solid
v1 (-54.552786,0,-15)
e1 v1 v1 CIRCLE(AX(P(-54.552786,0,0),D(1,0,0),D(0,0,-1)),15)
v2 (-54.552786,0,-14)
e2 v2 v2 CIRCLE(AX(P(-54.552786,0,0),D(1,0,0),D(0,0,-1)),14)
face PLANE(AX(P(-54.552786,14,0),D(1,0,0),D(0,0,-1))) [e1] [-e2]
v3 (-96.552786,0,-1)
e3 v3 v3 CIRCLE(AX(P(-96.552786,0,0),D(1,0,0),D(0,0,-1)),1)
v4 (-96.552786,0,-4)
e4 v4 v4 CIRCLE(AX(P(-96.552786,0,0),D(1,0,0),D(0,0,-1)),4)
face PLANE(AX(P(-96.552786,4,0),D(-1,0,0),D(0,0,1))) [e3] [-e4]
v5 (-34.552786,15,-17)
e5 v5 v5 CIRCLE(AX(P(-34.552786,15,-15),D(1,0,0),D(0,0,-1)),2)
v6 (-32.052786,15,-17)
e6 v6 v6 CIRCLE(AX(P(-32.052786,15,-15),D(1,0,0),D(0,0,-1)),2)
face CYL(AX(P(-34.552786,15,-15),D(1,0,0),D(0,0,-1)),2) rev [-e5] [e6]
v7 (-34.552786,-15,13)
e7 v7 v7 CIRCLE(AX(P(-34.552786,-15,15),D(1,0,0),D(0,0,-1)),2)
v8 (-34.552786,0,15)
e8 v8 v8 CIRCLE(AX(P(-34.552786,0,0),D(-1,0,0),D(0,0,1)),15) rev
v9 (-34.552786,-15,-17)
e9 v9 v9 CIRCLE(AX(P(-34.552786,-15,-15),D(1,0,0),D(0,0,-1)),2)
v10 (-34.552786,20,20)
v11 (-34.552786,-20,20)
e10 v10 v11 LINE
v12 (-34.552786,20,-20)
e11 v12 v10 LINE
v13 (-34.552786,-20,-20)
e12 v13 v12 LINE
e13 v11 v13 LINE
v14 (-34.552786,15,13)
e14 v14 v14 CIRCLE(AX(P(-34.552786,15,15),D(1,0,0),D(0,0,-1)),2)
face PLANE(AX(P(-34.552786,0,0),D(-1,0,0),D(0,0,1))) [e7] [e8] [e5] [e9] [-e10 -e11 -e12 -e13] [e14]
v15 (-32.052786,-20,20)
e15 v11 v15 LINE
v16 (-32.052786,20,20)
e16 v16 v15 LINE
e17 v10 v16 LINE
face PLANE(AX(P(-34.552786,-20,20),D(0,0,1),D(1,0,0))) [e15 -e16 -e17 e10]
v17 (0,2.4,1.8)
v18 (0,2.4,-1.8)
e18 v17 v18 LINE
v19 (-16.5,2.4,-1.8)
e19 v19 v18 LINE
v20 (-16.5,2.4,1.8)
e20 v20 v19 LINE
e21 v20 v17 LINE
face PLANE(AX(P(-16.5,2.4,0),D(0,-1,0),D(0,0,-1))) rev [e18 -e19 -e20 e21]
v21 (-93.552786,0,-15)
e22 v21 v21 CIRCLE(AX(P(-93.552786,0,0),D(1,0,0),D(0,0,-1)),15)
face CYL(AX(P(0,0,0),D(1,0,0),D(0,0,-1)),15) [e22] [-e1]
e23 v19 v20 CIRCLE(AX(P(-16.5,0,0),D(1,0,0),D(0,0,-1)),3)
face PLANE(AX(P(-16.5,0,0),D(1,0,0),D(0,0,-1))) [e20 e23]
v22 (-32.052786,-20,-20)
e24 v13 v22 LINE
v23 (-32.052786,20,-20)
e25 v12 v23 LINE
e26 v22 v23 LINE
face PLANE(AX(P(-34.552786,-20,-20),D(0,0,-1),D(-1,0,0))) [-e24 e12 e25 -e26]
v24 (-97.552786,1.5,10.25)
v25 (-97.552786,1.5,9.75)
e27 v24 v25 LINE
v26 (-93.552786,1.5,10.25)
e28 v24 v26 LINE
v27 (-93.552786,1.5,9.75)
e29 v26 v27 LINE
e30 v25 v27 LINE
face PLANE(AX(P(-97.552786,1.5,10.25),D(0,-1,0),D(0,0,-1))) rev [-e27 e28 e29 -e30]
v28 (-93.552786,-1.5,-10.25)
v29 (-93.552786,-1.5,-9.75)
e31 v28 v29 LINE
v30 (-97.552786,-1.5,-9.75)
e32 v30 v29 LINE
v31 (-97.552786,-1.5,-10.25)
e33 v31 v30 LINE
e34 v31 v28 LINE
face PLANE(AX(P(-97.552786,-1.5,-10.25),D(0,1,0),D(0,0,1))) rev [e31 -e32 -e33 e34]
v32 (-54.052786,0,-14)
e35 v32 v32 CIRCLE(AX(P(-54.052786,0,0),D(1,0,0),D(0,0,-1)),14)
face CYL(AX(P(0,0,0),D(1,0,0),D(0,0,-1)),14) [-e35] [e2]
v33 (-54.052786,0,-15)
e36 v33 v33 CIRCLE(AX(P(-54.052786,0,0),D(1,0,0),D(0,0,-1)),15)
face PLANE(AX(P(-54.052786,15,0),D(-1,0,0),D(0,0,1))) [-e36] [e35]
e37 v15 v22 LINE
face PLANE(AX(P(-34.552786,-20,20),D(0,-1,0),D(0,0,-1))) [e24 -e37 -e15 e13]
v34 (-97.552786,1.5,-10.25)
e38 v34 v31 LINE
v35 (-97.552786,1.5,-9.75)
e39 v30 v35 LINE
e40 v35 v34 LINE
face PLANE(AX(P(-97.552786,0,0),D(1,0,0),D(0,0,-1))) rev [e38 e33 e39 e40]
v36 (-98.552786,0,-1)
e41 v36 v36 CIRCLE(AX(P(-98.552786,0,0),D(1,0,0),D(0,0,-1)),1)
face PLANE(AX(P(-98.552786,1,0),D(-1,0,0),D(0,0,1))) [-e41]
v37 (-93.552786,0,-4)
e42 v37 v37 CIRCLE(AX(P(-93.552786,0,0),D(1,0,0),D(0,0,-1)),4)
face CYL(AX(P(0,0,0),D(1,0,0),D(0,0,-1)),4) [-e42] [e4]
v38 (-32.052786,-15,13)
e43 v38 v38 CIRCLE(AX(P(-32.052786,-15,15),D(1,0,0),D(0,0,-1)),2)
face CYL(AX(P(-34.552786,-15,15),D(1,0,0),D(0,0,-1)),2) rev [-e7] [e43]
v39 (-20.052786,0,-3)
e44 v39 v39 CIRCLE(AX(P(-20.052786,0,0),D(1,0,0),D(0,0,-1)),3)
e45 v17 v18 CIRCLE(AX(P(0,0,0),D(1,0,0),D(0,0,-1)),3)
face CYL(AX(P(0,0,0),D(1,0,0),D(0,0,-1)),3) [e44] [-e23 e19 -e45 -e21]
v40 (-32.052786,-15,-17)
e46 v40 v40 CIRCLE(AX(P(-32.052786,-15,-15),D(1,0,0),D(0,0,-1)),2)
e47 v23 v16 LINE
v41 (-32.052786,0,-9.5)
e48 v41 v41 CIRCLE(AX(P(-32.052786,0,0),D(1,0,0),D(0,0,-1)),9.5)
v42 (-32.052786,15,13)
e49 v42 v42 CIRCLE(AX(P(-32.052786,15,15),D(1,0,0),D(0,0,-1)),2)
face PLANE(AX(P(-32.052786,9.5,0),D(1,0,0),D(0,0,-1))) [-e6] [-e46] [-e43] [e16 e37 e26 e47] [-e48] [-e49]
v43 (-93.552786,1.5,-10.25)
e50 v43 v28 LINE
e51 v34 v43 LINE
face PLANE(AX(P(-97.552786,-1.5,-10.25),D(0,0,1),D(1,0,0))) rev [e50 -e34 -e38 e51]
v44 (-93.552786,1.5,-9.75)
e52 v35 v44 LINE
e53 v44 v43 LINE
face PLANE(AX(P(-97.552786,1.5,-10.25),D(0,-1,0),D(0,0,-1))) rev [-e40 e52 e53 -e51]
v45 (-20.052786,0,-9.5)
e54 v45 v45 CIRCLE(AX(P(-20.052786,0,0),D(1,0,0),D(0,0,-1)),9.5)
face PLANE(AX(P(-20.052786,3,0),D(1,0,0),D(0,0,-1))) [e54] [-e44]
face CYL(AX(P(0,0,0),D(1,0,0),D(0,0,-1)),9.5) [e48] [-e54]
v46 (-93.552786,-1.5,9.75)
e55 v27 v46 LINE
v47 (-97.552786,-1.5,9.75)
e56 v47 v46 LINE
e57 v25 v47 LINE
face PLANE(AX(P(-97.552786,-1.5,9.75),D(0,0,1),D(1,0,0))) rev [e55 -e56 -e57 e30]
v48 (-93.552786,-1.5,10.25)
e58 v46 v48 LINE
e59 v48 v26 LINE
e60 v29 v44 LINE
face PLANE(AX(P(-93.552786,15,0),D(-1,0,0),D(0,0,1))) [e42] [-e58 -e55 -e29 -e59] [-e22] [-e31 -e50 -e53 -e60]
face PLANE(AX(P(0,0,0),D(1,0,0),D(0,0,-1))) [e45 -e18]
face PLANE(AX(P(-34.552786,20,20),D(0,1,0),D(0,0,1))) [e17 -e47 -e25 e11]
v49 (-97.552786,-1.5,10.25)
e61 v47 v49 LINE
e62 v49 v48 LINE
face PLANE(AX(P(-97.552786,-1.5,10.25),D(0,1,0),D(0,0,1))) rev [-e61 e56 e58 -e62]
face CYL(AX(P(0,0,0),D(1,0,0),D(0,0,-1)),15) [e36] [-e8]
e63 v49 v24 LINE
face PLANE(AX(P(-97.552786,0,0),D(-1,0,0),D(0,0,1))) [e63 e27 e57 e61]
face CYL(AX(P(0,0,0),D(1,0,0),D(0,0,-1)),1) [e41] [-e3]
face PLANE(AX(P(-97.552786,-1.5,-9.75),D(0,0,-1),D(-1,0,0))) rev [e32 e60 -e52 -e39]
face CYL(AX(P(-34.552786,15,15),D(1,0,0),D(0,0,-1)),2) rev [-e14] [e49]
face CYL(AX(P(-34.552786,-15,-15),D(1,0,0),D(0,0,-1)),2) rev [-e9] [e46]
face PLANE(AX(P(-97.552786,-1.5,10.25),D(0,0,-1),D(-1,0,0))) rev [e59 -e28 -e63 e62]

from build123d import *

# Parameters (mm, degrees)
CROQUIS2_W              = 40
CROQUIS2_H              = 40
SALIENTE_EXTRUIR1_DEPTH = 2.5
CROQUIS3_R              = 2
CORTAR_EXTRUIR1_DEPTH   = 2.5
CORTAR_EXTRUIR2_DEPTH   = 16.5
CROQUIS7_W              = 0.5
CROQUIS7_H              = 3
SALIENTE_EXTRUIR2_DEPTH = 4


with BuildPart() as part:
    # Croquis1 → Revolución1 (revolve)
    with BuildSketch(Plane.XY, mode=Mode.PRIVATE) as revoluci_n1_sk:
        Polygon((0, 0), (-93.552786405, 0), (-98.552786405, 0), (-98.552786405, 1), (-96.552786405, 1), (-96.552786405, 4), (-93.552786405, 4), (-93.552786405, 15), (-54.552786405, 15), (-54.552786405, 14), (-54.052786405, 14), (-54.052786405, 15), (-32.052786405, 15), (-32.052786405, 9.5), (-20.052786405, 9.5), (-20.052786405, 3), (0, 3), align=None)
    revolve(revoluci_n1_sk.sketch.rotate(Axis((0, 0, 0), (-1, 0, 0)), 90), axis=Axis((0, 0, 0), (-1, 0, 0)))

    # Croquis2 → Saliente-Extruir1 (add)
    with BuildSketch(Plane(origin=(-32.052786405, 0, 0), x_dir=(0, 0, -1), z_dir=(1, 0, 0))):
        Rectangle(CROQUIS2_W, CROQUIS2_H)
    extrude(amount=-SALIENTE_EXTRUIR1_DEPTH)

    # Croquis3 → Cortar-Extruir1 (cut)
    with BuildSketch(Plane(origin=(-32.052786405, 0, 0), x_dir=(0, 0, -1), z_dir=(1, 0, 0))):
        with Locations((-15, 15)):
            Circle(CROQUIS3_R)
        with Locations((15, 15)):
            Circle(CROQUIS3_R)
        with Locations((-15, -15)):
            Circle(CROQUIS3_R)
        with Locations((15, -15)):
            Circle(CROQUIS3_R)
    extrude(amount=-CORTAR_EXTRUIR1_DEPTH, mode=Mode.SUBTRACT)

    # Croquis6 → Cortar-Extruir2 (cut)
    with BuildSketch(Plane(origin=(0, 0, 0), x_dir=(0, 0, -1), z_dir=(1, 0, 0))):
        with BuildLine():
            Line((-1.8, 2.4), (0, 2.4))
            Line((0, 2.4), (1.8, 2.4))
            ThreePointArc((1.8, 2.4), (0, 3), (-1.8, 2.4))
        make_face()
    extrude(amount=-CORTAR_EXTRUIR2_DEPTH, mode=Mode.SUBTRACT)

    # Croquis7 → Saliente-Extruir2 (add)
    with BuildSketch(Plane.ZY.offset(93.552786405)):
        with Locations((-10, 0)):
            Rectangle(CROQUIS7_W, CROQUIS7_H)
        with Locations((10, 0)):
            Rectangle(CROQUIS7_W, CROQUIS7_H)
    extrude(amount=SALIENTE_EXTRUIR2_DEPTH)


solid = part.part
